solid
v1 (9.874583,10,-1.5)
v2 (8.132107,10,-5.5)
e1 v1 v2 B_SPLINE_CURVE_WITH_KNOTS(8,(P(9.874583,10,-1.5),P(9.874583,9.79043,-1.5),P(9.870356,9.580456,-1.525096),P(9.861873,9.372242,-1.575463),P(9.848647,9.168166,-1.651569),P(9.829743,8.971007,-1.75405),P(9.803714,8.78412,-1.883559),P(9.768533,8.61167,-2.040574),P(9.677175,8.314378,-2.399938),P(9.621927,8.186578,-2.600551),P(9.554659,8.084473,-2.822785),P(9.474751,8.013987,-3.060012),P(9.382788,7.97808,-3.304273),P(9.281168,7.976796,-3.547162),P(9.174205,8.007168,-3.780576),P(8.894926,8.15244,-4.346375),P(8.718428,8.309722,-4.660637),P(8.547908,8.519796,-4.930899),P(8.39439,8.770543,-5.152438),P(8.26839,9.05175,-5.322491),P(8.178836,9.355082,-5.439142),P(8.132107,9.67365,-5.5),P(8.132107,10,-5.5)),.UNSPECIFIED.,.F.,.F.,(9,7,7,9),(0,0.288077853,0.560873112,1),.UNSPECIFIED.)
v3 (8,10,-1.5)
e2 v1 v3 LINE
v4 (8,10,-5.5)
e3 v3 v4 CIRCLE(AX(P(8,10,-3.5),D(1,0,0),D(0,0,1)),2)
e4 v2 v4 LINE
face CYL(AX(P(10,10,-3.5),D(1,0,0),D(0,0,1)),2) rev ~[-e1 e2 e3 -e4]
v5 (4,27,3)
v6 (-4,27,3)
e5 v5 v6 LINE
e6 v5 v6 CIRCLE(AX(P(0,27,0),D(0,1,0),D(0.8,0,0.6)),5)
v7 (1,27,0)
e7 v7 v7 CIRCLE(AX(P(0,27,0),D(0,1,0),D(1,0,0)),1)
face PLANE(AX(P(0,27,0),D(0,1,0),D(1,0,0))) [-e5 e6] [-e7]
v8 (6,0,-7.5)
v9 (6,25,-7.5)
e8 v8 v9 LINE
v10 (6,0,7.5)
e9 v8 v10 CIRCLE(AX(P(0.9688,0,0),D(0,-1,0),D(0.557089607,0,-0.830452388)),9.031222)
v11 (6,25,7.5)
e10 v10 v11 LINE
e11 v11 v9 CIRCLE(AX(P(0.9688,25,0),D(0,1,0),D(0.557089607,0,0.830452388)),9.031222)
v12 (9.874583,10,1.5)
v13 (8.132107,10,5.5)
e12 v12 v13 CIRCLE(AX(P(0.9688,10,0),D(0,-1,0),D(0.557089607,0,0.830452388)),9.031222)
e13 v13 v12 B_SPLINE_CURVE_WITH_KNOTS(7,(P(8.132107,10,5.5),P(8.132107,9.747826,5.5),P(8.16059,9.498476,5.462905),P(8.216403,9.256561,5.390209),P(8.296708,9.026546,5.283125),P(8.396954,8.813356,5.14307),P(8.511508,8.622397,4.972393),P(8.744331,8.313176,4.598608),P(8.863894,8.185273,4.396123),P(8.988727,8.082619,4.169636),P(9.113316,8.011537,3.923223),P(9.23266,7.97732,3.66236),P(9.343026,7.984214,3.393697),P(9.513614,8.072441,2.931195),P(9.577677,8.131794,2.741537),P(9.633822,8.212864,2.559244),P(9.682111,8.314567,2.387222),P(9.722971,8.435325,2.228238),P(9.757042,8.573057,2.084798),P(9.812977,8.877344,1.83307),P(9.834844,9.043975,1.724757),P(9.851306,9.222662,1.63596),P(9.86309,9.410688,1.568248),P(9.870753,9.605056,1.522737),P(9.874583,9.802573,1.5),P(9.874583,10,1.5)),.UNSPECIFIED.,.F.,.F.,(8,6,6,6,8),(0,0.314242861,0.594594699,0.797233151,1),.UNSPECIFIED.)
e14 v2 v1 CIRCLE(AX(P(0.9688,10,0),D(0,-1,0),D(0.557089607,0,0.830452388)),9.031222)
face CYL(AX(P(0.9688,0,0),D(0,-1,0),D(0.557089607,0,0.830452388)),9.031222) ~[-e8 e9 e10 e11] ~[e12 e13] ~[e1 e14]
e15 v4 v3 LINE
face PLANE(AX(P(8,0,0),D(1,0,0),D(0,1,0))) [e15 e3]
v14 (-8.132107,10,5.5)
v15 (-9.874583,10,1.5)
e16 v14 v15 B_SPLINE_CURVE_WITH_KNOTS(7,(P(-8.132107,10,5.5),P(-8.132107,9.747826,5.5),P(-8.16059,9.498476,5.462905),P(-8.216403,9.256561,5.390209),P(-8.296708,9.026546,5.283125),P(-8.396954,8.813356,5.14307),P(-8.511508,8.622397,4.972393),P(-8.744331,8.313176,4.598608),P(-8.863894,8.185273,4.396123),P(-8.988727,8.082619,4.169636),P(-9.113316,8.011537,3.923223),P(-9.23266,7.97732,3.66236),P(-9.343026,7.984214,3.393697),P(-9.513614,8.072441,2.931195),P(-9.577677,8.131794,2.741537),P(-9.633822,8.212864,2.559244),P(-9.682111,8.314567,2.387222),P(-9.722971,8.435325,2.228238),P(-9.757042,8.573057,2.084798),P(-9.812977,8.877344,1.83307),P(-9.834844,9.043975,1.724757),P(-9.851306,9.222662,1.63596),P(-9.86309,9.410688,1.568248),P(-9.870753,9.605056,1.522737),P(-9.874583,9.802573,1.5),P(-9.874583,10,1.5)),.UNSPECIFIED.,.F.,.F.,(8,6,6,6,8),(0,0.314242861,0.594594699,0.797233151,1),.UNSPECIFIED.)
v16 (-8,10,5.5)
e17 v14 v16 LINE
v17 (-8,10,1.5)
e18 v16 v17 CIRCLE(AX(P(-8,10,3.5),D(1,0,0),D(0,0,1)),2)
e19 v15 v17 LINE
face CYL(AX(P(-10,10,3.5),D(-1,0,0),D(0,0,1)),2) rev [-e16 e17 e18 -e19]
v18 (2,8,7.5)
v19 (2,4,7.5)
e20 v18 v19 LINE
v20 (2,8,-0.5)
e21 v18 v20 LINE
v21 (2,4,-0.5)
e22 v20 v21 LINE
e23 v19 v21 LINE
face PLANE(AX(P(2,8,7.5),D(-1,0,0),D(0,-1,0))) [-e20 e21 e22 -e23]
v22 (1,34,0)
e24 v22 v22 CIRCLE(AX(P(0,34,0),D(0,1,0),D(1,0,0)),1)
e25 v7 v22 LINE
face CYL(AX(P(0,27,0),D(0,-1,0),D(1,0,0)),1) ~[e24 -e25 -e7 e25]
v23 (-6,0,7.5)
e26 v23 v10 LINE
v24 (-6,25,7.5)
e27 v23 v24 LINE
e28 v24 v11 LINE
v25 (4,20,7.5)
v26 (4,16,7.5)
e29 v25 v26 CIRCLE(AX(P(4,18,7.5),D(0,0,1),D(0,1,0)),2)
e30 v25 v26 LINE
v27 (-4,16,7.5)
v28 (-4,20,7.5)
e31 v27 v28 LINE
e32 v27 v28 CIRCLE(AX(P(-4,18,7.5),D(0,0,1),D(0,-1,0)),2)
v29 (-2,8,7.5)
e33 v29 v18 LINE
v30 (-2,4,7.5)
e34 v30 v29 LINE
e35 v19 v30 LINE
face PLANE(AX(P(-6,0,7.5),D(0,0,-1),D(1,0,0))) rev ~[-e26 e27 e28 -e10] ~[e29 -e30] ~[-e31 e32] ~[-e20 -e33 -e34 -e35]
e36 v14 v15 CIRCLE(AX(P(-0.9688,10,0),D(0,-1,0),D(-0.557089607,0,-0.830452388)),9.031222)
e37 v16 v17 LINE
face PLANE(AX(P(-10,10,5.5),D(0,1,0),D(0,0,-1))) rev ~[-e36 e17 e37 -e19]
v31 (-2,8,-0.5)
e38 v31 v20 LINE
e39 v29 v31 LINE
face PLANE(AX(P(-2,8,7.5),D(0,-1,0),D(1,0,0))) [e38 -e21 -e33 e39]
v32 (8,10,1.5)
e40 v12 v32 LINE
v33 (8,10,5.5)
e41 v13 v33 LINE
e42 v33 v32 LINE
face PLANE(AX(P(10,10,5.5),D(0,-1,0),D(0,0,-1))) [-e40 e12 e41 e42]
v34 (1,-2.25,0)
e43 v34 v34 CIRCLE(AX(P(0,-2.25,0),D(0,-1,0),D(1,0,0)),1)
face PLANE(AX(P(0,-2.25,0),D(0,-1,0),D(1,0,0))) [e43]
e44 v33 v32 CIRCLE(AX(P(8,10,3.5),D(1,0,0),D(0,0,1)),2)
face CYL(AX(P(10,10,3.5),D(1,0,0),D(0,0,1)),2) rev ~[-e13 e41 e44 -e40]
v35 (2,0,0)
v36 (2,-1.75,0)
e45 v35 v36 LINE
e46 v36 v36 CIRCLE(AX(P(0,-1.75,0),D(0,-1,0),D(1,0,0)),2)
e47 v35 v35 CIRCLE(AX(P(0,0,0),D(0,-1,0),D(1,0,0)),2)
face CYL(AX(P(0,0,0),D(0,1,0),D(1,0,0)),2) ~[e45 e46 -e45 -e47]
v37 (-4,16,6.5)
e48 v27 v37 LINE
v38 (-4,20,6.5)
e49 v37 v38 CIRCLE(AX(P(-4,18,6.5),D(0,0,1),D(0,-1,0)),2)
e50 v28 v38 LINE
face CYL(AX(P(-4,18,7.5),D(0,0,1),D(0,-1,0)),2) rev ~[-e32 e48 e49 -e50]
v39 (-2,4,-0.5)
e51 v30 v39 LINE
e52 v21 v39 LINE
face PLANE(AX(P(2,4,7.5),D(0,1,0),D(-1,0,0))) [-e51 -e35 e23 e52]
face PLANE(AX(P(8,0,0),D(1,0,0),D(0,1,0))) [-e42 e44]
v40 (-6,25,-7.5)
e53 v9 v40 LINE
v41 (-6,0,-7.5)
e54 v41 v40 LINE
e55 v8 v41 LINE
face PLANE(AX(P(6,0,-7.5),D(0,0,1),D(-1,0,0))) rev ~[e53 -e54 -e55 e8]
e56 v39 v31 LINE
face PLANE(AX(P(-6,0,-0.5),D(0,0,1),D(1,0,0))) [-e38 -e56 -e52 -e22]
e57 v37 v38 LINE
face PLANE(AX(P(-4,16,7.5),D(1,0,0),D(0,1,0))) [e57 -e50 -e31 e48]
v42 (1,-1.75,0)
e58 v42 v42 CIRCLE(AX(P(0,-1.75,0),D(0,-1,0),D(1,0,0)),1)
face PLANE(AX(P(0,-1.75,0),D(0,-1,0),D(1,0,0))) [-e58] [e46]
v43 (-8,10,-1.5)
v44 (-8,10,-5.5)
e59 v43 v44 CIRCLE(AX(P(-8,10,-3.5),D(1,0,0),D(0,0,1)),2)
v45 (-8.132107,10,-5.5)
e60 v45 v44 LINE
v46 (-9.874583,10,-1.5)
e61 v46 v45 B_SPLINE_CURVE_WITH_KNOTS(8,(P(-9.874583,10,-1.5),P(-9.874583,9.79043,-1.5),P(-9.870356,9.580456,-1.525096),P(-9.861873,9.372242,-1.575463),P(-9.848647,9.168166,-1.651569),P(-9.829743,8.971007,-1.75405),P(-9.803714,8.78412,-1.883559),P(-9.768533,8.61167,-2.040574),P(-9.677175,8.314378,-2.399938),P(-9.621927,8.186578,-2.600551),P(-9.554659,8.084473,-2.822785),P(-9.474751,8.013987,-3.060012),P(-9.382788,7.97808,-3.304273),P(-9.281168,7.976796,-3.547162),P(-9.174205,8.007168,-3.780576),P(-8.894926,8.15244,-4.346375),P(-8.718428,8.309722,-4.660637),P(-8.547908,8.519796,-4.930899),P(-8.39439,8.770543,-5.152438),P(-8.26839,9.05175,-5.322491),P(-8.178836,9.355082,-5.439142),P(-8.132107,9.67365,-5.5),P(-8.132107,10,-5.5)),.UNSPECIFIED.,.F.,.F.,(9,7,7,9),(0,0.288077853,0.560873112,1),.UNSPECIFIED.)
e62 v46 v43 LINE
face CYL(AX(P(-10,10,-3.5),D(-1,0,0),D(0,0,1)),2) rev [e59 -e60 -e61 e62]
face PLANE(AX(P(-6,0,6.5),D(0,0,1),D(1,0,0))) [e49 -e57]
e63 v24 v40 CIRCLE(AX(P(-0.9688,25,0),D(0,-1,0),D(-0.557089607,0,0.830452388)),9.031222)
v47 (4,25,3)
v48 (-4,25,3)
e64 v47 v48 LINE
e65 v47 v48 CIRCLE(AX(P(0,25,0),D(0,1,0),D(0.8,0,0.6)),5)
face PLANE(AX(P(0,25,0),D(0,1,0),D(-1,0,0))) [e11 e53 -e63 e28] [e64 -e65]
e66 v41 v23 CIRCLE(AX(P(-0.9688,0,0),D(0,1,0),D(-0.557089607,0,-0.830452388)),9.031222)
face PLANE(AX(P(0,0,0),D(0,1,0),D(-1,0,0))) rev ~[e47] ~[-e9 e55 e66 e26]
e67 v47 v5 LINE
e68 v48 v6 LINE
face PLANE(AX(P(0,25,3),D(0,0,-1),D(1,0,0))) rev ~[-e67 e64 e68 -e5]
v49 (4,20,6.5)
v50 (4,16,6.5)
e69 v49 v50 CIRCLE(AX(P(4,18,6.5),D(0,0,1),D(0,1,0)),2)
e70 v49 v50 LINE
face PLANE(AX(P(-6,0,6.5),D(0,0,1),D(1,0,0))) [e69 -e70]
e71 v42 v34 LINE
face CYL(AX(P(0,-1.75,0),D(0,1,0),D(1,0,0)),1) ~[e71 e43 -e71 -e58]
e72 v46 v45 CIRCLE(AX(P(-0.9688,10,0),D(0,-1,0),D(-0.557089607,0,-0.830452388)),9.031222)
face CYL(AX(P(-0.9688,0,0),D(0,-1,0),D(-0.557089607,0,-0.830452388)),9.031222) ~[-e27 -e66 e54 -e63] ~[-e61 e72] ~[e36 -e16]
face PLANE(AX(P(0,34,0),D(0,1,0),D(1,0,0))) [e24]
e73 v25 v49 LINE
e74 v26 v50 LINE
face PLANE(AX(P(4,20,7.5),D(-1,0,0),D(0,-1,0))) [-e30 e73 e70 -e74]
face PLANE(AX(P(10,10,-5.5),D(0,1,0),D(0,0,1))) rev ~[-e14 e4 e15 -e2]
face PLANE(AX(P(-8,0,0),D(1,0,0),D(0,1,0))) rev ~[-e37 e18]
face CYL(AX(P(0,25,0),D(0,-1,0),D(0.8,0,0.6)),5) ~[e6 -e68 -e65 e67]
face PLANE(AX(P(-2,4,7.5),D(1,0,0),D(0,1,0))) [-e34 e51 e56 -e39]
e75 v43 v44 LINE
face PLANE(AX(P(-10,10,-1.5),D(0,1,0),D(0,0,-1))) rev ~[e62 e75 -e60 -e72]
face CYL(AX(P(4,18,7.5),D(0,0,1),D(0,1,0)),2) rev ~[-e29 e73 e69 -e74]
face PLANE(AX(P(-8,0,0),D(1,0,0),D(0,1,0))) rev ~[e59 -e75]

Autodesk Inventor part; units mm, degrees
ref_plane "XZ Plane" through (0, 0, 0) normal (0, 1, 0) x (-1, 0, 0)
ref_plane "XY Plane" through (0, 0, 0) normal (0, 0, 1) x (1, 0, 0)
sketch "Boceto1" plane through (0, 0, 0) normal (0, 1, 0) x (-1, 0, 0)
  line L0 (10, 7.5) -> (-10, 7.5)
  line L1 (-10, 7.5) -> (-10, -7.5)
  line L2 (-10, -7.5) -> (10, -7.5)
  line L3 (10, -7.5) -> (10, 7.5)
  arc A0 (6, -7.5) -> (6, 7.5) centre (0.9688, 0) ccw
  arc A1 (-6, 7.5) -> (-6, -7.5) centre (-0.9688, 0) ccw
  point P0 (0, 0)
  point P1 (-10, 0)
  point P2 (0, -7.5)
  dimension "d0" = 20
  dimension "d1" = 15
  dimension "d2" = 4
  dimension "d3" = 4
  dimension "d4" = 4
  dimension "d5" = 4
extrude "Extrusión1" add sketch "Boceto1" along normal blind 25 contours A0 L2 A1 L0
sketch "Boceto2" plane through (0, 25, 0) normal (0, 1, 0) x (1, 0, 0)
  line L0 (-6, -7.5) -> (6, -7.5) projected
  arc A0 (6, -7.5) -> (6, 7.5) centre (0.9688, 0) ccw projected
  line L1 (6, 7.5) -> (-6, 7.5) projected
  arc A1 (-6, 7.5) -> (-6, -7.5) centre (-0.9688, 0) ccw projected
  arc A2 (4, -3) -> (-4, -3) centre (0, 0) ccw
  line L2 (0, 0) -> (0, -3)
  line L3 (0, -3) -> (-4, -3)
  line L4 (0, -3) -> (4, -3)
  dimension "d8" = 10
  dimension "d9" = 3
extrude "Extrusión2" add sketch "Boceto2" along normal blind 2 contours L4 L3 A2
sketch "Boceto3" plane through (0, 27, 0) normal (0, 1, 0) x (1, 0, 0)
  line L0 (-4, -3) -> (4, -3) projected
  arc A0 (4, -3) -> (-4, -3) centre (0, 0) ccw projected
  circle A1 centre (0, 0) radius 1
  dimension "d12" = 2
extrude "Extrusión3" add sketch "Boceto3" along normal blind 7 contours A1
sketch "Boceto4" plane through (-6, 0, 7.5) normal (0, 0, 1) x (1, 0, 0)
  line L0 (0, 0) -> (12, 0) projected
  line L1 (12, 0) -> (12, 25) projected
  line L2 (0, 25) -> (12, 25) projected
  line L3 (0, 0) -> (0, 25) projected
  line L4 (4, 8) -> (8, 8)
  line L5 (8, 8) -> (8, 4)
  line L6 (8, 4) -> (4, 4)
  line L7 (4, 4) -> (4, 8)
  arc A0 (10, 20) -> (10, 16) centre (10, 18) ccw
  line L8 (10, 20) -> (10, 16) construction
  line L9 (10, 20) -> (14, 20) construction
  arc A1 (2, 16) -> (2, 20) centre (2, 18) ccw
  line L10 (2, 20) -> (2, 16) construction
  line L11 (2, 20) -> (6, 20) construction
  line L12 (10, 20) -> (10, 16)
  line L13 (2, 16) -> (2, 20)
  point P0 (6, 0)
  point P1 (6, 4)
  point P2 (6, 0)
  dimension "d15" = 4
  dimension "d16" = 4
  dimension "d17" = 8
  dimension "d18" = 4
  dimension "d19" = 90
  dimension "d20" = 2
  dimension "d21" = 20
  dimension "d22" = 2
  dimension "d23" = 4
  dimension "d24" = 90
  dimension "d25" = 2
  dimension "d26" = 20
  dimension "d27" = 2
extrude "Extrusión4" cut sketch "Boceto4" against normal blind 1 contours L12 A0 | L13 A1
extrude "Extrusión5" cut sketch "Boceto4" against normal blind 8 contours L4 L5 L6 L7
ref_plane "Plano de trabajo1" through (10, 0, 0) normal (1, 0, 0) x (0, 1, 0)
sketch "Boceto5" plane through (10, 0, 0) normal (1, 0, 0) x (0, 1, 0)
  line L0 (0, 7.5) -> (0, -7.5) projected
  line L1 (0, -7.5) -> (25, -7.5) projected
  line L2 (25, 7.5) -> (25, -7.5) projected
  line L3 (0, 7.5) -> (25, 7.5) projected
  arc A0 (10, 5.5) -> (10, 1.5) centre (10, 3.5) ccw
  line L4 (10, 5.5) -> (10, 1.5)
  arc A1 (10, -1.5) -> (10, -5.5) centre (10, -3.5) ccw
  line L5 (10, -5.5) -> (10, -1.5)
  point P0 (0, 0)
  dimension "d32" = 4
  dimension "d33" = 2
  dimension "d34" = 10
  dimension "d35" = 2
  dimension "d36" = 4
  dimension "d37" = 2
  dimension "d38" = 10
  dimension "d39" = 2
extrude "Extrusión6" cut sketch "Boceto5" against normal blind 2 contours L4 A0 | L5 A1
ref_plane "Plano de trabajo2" through (-10, 0, 0) normal (1, 0, 0) x (0, 1, 0)
sketch "Boceto6" plane through (-10, 0, 0) normal (1, 0, 0) x (0, 1, 0)
  line L0 (0, -7.5) -> (0, 7.5) projected
  line L1 (0, 7.5) -> (25, 7.5) projected
  line L2 (25, -7.5) -> (25, 7.5) projected
  line L3 (0, -7.5) -> (25, -7.5) projected
  arc A0 (10, -1.5) -> (10, -5.5) centre (10, -3.5) ccw projected
  line L4 (10, -1.5) -> (10, -5.5) projected
  line L5 (10, -5.5) -> (10, -1.5)
  arc A1 (10, 5.5) -> (10, 1.5) centre (10, 3.5) ccw projected
  line L6 (10, 5.5) -> (10, 1.5) projected
  line L7 (10, 5.5) -> (10, 1.5)
  point P0 (0, 0)
extrude "Extrusión7" cut sketch "Boceto6" along normal blind 2 contours L4 A0 | L6 A1
sketch "Boceto7" plane through (0, 0, 0) normal (0, -1, 0) x (1, 0, 0)
  line L0 (-6, 7.5) -> (6, 7.5) projected
  arc A0 (-6, 7.5) -> (-6, -7.5) centre (-0.9688, 0) ccw projected
  line L1 (6, -7.5) -> (-6, -7.5) projected
  arc A1 (6, -7.5) -> (6, 7.5) centre (0.9688, 0) ccw projected
  circle A2 centre (0, 0) radius 2
  dimension "d44" = 4
extrude "Extrusión8" add sketch "Boceto7" along normal blind 1.75 contours A2
sketch "Boceto8" plane through (0, -1.75, 0) normal (0, -1, 0) x (1, 0, 0)
  circle A0 centre (0, 0) radius 2 projected
  circle A1 centre (0, 0) radius 1
extrude "Extrusión9" add sketch "Boceto8" along normal blind 0.5 contours A1
properties part number "Motor" material "Aluminio 6061-O"
